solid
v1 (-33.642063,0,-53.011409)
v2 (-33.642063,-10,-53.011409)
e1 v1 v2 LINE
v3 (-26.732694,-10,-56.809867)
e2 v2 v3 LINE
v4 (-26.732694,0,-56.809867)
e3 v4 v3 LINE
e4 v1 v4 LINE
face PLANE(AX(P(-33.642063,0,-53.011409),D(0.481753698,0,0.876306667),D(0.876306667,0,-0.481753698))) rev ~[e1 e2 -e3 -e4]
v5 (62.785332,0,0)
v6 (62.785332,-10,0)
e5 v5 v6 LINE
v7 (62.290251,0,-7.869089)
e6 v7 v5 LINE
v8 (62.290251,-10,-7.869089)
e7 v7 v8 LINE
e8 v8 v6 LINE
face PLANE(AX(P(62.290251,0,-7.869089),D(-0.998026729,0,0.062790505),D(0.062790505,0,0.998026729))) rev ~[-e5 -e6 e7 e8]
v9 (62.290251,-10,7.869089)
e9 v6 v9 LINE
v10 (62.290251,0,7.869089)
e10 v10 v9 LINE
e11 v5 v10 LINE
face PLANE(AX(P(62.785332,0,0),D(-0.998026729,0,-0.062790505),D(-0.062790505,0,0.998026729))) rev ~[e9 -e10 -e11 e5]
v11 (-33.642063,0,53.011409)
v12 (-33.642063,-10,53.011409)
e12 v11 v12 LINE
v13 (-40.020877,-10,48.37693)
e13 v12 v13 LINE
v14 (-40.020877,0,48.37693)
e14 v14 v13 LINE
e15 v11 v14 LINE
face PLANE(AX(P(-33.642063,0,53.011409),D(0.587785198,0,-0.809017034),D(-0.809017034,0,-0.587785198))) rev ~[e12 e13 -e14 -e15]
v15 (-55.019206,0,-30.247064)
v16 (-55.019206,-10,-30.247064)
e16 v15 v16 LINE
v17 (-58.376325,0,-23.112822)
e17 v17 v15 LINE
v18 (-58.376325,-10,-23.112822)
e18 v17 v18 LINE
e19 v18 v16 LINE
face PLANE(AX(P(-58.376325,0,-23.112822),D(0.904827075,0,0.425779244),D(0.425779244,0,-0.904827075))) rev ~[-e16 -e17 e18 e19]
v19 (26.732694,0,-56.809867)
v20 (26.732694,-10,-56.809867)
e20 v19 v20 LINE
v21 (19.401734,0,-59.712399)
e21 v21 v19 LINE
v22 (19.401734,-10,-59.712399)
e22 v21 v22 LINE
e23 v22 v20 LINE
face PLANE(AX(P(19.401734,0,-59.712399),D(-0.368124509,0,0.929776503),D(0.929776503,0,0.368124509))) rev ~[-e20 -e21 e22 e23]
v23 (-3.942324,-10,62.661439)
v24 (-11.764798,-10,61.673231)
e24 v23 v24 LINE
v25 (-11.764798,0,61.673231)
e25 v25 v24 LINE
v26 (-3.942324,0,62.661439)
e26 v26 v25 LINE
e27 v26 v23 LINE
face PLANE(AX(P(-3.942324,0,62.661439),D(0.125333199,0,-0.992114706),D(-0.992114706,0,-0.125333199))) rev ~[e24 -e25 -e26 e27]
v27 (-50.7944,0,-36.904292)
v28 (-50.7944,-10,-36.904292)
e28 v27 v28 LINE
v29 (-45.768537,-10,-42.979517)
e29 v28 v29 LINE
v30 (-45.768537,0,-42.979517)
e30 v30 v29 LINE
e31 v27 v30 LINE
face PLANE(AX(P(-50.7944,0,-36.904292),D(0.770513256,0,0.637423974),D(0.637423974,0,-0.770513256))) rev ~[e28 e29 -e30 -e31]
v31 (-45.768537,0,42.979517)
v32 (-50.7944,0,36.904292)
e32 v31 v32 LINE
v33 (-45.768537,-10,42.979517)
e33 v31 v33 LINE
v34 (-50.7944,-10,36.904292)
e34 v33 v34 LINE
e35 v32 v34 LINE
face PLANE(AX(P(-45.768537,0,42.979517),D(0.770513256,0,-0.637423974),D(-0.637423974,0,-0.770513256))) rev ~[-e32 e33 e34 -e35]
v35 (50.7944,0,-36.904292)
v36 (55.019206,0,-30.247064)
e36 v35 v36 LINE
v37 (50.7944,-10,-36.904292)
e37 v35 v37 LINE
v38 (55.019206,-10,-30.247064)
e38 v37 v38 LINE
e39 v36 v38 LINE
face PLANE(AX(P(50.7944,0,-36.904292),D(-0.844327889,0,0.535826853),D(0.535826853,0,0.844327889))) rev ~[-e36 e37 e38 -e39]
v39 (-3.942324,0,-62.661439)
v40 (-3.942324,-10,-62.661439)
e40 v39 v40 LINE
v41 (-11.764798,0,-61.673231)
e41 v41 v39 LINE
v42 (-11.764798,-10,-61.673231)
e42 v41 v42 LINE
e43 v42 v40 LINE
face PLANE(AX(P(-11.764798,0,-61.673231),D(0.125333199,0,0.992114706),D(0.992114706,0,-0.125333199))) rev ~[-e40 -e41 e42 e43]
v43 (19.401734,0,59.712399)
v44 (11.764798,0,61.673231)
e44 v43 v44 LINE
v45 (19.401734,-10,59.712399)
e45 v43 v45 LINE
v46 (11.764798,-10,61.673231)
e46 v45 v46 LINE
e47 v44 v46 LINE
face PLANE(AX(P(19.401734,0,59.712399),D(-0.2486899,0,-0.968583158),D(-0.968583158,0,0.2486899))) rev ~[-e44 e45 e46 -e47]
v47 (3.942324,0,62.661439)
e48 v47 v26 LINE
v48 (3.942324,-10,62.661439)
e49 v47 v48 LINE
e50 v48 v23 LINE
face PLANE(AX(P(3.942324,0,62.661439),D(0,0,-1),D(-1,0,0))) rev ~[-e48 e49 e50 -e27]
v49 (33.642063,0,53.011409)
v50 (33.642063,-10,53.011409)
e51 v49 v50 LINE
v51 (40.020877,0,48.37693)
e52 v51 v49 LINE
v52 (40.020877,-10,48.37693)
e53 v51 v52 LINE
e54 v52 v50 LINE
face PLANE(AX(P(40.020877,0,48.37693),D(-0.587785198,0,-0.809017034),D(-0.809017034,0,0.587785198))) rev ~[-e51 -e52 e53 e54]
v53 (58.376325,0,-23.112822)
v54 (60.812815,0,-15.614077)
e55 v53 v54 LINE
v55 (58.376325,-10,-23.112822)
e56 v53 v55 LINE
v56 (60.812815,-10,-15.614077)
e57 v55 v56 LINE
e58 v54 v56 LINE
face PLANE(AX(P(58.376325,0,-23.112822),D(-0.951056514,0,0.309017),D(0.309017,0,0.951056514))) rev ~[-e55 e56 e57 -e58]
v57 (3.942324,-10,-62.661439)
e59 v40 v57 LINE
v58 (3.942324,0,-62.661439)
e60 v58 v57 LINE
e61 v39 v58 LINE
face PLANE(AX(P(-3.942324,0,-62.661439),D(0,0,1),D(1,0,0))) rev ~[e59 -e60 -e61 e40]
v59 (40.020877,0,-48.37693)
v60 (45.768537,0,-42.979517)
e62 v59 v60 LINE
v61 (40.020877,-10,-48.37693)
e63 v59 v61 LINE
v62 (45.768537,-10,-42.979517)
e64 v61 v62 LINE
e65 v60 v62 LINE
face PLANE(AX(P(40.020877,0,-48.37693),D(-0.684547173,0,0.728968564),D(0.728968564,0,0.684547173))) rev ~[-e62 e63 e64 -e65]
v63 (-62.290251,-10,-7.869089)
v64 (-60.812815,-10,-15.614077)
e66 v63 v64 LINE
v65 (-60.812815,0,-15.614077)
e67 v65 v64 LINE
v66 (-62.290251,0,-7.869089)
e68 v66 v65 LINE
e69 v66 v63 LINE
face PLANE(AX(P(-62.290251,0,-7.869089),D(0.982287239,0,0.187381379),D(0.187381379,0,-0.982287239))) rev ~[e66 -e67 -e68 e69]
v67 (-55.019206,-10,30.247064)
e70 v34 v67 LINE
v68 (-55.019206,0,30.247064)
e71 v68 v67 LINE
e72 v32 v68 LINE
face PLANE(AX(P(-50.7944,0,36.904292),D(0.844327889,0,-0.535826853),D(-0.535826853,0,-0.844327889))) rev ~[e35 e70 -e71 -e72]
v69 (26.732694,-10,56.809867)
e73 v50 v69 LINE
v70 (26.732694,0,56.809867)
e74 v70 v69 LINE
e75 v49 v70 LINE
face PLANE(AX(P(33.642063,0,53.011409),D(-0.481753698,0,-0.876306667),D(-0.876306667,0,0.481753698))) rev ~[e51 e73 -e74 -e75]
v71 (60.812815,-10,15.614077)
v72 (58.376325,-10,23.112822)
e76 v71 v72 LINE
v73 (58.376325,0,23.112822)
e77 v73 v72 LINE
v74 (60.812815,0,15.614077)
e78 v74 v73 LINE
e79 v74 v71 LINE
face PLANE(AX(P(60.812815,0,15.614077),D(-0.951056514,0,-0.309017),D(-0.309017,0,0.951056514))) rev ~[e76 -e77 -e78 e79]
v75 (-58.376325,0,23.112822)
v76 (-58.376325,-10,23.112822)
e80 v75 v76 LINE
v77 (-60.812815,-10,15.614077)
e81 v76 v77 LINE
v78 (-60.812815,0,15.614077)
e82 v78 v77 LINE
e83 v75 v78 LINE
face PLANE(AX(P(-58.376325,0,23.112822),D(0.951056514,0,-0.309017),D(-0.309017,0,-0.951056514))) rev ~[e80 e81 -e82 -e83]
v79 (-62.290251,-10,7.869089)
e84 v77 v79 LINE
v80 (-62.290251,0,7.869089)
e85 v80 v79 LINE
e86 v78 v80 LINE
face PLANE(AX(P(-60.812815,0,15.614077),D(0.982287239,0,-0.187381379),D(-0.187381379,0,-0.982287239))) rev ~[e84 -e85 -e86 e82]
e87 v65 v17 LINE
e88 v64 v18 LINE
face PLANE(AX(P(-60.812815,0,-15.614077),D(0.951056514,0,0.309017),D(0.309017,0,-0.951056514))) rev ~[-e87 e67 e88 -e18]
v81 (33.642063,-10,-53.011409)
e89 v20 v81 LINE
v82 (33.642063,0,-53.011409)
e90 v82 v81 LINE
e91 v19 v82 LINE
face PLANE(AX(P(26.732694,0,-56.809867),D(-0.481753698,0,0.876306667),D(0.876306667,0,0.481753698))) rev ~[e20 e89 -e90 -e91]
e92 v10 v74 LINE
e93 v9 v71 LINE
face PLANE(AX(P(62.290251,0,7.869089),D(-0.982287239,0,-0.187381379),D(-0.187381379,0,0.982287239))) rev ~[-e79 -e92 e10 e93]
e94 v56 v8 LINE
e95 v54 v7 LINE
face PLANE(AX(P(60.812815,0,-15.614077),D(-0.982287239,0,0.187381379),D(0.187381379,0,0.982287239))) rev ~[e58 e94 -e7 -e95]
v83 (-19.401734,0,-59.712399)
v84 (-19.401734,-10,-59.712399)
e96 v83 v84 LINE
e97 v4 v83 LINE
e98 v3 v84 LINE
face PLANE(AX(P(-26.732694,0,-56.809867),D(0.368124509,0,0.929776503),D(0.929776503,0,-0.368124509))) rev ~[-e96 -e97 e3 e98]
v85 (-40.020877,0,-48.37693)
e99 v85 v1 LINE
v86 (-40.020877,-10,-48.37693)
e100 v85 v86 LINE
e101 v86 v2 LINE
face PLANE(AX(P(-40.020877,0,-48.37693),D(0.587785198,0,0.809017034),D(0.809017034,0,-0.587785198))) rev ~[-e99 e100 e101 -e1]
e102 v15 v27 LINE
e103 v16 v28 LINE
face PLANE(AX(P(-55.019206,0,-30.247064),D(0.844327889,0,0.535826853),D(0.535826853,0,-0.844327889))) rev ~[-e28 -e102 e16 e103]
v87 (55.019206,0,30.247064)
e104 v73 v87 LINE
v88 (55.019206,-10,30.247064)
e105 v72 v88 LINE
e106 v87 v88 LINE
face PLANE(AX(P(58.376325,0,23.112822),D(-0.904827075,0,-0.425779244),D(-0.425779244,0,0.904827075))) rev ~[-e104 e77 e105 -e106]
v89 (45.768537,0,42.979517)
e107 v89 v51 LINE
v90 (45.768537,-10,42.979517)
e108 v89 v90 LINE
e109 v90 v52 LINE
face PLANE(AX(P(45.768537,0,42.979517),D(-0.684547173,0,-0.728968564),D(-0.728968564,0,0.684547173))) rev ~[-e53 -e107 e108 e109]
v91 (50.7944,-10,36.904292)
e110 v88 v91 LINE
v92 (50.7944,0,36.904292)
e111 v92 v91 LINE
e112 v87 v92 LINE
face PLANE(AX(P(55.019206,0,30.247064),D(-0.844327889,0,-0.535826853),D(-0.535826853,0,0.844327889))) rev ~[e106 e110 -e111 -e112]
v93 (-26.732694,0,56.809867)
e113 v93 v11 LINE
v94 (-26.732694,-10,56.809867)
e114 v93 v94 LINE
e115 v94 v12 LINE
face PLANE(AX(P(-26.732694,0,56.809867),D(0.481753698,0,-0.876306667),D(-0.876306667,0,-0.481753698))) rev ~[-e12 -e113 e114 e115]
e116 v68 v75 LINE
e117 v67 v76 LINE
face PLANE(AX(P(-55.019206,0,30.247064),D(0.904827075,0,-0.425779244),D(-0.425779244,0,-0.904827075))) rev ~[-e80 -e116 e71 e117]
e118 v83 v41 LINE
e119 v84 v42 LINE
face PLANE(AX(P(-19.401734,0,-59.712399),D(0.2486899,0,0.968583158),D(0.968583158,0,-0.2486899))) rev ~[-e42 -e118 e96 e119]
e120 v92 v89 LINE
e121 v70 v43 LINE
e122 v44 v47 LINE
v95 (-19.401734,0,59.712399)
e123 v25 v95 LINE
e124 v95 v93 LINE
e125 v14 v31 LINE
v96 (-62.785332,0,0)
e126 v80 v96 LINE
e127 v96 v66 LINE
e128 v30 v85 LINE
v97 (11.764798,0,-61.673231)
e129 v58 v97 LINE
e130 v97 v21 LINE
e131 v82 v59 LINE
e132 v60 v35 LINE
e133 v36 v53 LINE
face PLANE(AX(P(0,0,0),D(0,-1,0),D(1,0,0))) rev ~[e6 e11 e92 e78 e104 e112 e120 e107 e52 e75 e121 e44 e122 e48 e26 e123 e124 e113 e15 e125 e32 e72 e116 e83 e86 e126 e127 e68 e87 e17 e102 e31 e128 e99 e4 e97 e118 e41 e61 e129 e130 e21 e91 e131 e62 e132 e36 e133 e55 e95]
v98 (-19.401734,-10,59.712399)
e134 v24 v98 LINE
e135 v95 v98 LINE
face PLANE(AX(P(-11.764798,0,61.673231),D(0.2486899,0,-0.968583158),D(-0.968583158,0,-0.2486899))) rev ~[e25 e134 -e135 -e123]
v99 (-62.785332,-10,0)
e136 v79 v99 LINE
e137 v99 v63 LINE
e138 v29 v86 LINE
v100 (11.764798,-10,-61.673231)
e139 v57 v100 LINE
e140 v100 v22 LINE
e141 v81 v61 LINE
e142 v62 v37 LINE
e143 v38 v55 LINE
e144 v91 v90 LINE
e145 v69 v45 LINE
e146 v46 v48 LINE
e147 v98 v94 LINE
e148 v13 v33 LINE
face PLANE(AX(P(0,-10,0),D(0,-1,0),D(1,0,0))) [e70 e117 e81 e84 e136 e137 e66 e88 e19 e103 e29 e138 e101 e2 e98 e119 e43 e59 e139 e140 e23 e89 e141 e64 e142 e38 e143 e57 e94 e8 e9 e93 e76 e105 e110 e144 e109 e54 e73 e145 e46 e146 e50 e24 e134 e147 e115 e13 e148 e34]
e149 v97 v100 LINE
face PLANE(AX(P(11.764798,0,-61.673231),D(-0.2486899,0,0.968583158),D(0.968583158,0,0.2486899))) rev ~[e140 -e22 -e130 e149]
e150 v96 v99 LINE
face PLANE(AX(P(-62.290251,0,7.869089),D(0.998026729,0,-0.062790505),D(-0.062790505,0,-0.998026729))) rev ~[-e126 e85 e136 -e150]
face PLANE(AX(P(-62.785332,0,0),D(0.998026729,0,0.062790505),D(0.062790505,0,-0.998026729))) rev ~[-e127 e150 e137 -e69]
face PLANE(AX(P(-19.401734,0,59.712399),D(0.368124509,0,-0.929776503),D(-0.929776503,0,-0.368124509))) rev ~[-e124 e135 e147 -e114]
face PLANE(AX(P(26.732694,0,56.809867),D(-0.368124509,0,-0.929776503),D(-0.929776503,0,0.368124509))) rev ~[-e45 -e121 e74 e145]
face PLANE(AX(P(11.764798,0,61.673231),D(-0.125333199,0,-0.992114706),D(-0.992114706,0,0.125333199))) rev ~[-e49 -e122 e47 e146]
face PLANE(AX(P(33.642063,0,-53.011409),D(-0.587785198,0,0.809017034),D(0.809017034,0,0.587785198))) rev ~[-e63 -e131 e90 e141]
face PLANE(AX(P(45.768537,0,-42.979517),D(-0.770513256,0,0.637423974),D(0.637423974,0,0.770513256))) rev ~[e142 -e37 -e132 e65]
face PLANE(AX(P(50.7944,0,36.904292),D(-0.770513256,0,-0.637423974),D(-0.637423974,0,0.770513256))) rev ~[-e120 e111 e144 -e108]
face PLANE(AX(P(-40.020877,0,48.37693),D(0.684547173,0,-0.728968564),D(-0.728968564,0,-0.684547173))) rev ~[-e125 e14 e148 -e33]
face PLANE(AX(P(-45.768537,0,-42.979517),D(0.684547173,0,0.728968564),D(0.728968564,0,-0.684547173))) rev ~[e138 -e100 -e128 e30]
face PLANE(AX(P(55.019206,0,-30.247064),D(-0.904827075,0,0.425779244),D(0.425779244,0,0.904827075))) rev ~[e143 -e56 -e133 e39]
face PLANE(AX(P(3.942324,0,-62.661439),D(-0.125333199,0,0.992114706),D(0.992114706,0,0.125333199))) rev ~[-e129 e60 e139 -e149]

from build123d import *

# Parameters (mm, degrees)
F2_DEPTH = 10


with BuildPart() as f2:
    # F0 (on Front) → F2 (new body)
    with BuildSketch(Plane.XZ):
        Polygon((3.942324, 62.661439), (-3.942324, 62.661439), (-11.764798, 61.673231), (-19.401734, 59.712399), (-26.732694, 56.809867), (-33.642063, 53.011409), (-40.020877, 48.37693), (-45.768537, 42.979517), (-50.7944, 36.904292), (-55.019206, 30.247064), (-58.376325, 23.112822), (-60.812815, 15.614077), (-62.290251, 7.869089), (-62.785332, 0), (-62.290251, -7.869089), (-60.812815, -15.614077), (-58.376325, -23.112822), (-55.019206, -30.247064), (-50.7944, -36.904292), (-45.768537, -42.979517), (-40.020877, -48.37693), (-33.642063, -53.011409), (-26.732694, -56.809867), (-19.401734, -59.712399), (-11.764798, -61.673231), (-3.942324, -62.661439), (3.942324, -62.661439), (11.764798, -61.673231), (19.401734, -59.712399), (26.732694, -56.809867), (33.642063, -53.011409), (40.020877, -48.37693), (45.768537, -42.979517), (50.7944, -36.904292), (55.019206, -30.247064), (58.376325, -23.112822), (60.812815, -15.614077), (62.290251, -7.869089), (62.785332, 0), (62.290251, 7.869089), (60.812815, 15.614077), (58.376325, 23.112822), (55.019206, 30.247064), (50.7944, 36.904292), (45.768537, 42.979517), (40.020877, 48.37693), (33.642063, 53.011409), (26.732694, 56.809867), (19.401734, 59.712399), (11.764798, 61.673231), align=None)
    extrude(amount=F2_DEPTH)


solid = f2.part
